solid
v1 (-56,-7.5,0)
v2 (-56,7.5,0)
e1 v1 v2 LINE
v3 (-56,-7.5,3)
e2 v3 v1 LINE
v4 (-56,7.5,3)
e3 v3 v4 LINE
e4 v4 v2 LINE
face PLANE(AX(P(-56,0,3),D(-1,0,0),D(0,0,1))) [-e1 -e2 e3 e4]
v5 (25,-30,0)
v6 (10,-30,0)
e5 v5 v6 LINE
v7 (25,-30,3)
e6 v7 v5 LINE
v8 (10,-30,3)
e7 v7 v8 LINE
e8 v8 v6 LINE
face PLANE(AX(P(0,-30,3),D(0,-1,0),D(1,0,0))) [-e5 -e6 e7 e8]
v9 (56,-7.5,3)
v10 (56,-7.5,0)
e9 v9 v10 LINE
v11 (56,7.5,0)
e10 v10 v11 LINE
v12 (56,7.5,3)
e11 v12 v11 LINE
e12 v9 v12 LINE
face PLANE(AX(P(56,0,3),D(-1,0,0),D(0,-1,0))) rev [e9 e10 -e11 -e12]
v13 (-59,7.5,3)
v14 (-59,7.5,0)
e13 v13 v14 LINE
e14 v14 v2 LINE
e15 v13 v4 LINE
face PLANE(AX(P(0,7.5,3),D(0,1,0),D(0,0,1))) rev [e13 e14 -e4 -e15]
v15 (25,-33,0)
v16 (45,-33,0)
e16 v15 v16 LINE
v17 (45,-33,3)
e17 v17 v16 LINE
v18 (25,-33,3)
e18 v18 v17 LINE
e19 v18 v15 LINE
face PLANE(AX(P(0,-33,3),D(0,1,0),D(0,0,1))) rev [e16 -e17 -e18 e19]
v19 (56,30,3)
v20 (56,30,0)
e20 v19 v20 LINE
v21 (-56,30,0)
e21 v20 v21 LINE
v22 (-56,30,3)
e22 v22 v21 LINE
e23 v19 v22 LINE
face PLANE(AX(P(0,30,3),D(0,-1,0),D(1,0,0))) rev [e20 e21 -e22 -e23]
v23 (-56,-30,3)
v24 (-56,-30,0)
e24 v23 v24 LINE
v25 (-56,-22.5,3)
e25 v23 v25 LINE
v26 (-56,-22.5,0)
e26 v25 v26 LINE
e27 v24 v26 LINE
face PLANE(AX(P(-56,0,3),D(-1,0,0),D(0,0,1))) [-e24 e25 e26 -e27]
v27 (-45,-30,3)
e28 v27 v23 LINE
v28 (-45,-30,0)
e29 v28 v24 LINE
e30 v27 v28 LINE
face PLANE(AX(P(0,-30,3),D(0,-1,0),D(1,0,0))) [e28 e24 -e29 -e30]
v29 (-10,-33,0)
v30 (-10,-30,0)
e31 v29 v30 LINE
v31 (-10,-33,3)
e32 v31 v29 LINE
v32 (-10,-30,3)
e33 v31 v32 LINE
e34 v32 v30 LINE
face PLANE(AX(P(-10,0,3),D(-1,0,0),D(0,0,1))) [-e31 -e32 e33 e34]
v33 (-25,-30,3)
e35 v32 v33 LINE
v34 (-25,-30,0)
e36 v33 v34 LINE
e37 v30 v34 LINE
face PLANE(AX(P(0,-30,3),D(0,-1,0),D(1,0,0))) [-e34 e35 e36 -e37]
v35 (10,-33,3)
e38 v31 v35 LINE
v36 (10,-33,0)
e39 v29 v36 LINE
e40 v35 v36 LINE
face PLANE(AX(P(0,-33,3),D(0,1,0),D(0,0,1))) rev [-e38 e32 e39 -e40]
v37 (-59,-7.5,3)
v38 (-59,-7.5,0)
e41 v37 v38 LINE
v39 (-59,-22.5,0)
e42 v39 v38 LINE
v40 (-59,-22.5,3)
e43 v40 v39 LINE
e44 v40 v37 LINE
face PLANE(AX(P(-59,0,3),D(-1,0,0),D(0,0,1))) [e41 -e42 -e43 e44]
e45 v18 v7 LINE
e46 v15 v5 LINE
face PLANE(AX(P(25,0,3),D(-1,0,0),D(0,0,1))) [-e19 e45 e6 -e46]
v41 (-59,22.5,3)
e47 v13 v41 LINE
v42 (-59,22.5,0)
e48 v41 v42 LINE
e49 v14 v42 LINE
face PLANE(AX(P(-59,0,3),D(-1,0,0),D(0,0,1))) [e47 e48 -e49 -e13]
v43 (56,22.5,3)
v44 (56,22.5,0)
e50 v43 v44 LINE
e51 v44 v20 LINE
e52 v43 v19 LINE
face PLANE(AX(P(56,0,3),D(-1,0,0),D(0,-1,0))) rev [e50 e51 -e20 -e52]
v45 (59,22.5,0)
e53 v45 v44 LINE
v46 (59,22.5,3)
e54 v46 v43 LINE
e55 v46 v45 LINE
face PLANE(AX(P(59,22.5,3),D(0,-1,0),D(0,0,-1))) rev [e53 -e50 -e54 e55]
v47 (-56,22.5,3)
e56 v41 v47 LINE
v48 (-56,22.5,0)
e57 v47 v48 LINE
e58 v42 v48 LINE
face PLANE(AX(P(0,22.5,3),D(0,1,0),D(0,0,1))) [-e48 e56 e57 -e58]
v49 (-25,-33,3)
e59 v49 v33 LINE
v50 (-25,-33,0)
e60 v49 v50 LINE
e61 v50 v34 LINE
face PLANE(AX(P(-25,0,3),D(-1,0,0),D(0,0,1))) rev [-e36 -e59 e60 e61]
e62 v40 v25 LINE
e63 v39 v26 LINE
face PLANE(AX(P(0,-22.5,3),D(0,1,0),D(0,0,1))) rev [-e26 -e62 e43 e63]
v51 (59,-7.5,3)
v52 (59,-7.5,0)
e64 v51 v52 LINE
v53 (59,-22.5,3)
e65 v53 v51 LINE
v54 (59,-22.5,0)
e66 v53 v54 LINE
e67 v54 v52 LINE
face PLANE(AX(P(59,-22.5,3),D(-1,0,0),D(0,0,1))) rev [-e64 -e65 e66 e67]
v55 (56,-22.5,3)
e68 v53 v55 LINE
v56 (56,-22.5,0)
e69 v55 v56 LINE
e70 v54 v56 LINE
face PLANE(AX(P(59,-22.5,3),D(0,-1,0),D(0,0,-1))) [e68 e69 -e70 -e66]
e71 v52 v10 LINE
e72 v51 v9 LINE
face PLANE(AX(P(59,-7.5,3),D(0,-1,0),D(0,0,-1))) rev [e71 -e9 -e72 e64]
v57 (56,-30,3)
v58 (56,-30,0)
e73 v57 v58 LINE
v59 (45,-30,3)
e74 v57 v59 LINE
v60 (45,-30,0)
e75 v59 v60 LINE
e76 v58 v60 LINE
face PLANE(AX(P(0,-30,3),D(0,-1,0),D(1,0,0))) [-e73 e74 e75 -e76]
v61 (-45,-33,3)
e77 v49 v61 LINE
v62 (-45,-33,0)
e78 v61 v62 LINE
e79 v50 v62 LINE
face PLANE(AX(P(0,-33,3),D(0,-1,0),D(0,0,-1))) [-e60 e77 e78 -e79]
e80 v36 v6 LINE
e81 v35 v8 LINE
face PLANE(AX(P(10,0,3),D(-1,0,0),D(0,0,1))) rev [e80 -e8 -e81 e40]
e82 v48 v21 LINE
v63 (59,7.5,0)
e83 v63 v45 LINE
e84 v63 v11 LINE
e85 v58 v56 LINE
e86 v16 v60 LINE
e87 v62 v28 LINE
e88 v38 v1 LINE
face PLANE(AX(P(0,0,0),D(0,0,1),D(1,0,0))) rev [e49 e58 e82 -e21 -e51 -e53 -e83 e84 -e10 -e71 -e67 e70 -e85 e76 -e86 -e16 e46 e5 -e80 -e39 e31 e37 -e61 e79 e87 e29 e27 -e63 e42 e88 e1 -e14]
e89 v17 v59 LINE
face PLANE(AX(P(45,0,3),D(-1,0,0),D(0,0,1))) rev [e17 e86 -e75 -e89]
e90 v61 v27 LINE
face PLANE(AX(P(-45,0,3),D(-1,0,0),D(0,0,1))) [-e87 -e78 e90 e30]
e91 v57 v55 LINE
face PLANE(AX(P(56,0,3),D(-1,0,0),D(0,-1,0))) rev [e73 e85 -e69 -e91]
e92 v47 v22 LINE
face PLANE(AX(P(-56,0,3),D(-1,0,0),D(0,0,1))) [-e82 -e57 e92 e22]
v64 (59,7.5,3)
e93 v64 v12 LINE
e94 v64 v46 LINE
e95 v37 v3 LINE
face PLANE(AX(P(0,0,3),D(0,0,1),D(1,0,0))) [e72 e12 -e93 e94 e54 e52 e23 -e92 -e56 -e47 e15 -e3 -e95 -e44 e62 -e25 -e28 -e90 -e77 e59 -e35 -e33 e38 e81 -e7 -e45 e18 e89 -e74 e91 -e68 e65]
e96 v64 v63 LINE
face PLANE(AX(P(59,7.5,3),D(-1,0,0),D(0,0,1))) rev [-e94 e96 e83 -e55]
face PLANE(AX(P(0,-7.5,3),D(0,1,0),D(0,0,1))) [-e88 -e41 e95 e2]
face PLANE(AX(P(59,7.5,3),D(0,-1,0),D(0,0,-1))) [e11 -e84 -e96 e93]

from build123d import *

# Parameters (mm, degrees)
SKETCH2_W           = 3
SKETCH2_H           = 15
SKETCH2_W_2         = 112
SKETCH2_H_2         = 60
SKETCH2_W_3         = 20
SKETCH2_H_3         = 3
BOSS_EXTRUDE1_DEPTH = 3


with BuildPart() as part:
    # Sketch2 → Boss-Extrude1 (new body)
    with BuildSketch(Plane.XY):
        with Locations((-57.5, 15)):
            Rectangle(SKETCH2_W, SKETCH2_H)
        with Locations((-57.5, -15)):
            Rectangle(SKETCH2_W, SKETCH2_H)
        Rectangle(SKETCH2_W_2, SKETCH2_H_2)
        with Locations((-35, -31.5)):
            Rectangle(SKETCH2_W_3, SKETCH2_H_3)
        with Locations((0, -31.5)):
            Rectangle(SKETCH2_W_3, SKETCH2_H_3)
        with Locations((35, -31.5)):
            Rectangle(SKETCH2_W_3, SKETCH2_H_3)
        with Locations((57.5, -15)):
            Rectangle(SKETCH2_W, SKETCH2_H)
        with Locations((57.5, 15)):
            Rectangle(SKETCH2_W, SKETCH2_H)
    extrude(amount=BOSS_EXTRUDE1_DEPTH)


solid = part.part
